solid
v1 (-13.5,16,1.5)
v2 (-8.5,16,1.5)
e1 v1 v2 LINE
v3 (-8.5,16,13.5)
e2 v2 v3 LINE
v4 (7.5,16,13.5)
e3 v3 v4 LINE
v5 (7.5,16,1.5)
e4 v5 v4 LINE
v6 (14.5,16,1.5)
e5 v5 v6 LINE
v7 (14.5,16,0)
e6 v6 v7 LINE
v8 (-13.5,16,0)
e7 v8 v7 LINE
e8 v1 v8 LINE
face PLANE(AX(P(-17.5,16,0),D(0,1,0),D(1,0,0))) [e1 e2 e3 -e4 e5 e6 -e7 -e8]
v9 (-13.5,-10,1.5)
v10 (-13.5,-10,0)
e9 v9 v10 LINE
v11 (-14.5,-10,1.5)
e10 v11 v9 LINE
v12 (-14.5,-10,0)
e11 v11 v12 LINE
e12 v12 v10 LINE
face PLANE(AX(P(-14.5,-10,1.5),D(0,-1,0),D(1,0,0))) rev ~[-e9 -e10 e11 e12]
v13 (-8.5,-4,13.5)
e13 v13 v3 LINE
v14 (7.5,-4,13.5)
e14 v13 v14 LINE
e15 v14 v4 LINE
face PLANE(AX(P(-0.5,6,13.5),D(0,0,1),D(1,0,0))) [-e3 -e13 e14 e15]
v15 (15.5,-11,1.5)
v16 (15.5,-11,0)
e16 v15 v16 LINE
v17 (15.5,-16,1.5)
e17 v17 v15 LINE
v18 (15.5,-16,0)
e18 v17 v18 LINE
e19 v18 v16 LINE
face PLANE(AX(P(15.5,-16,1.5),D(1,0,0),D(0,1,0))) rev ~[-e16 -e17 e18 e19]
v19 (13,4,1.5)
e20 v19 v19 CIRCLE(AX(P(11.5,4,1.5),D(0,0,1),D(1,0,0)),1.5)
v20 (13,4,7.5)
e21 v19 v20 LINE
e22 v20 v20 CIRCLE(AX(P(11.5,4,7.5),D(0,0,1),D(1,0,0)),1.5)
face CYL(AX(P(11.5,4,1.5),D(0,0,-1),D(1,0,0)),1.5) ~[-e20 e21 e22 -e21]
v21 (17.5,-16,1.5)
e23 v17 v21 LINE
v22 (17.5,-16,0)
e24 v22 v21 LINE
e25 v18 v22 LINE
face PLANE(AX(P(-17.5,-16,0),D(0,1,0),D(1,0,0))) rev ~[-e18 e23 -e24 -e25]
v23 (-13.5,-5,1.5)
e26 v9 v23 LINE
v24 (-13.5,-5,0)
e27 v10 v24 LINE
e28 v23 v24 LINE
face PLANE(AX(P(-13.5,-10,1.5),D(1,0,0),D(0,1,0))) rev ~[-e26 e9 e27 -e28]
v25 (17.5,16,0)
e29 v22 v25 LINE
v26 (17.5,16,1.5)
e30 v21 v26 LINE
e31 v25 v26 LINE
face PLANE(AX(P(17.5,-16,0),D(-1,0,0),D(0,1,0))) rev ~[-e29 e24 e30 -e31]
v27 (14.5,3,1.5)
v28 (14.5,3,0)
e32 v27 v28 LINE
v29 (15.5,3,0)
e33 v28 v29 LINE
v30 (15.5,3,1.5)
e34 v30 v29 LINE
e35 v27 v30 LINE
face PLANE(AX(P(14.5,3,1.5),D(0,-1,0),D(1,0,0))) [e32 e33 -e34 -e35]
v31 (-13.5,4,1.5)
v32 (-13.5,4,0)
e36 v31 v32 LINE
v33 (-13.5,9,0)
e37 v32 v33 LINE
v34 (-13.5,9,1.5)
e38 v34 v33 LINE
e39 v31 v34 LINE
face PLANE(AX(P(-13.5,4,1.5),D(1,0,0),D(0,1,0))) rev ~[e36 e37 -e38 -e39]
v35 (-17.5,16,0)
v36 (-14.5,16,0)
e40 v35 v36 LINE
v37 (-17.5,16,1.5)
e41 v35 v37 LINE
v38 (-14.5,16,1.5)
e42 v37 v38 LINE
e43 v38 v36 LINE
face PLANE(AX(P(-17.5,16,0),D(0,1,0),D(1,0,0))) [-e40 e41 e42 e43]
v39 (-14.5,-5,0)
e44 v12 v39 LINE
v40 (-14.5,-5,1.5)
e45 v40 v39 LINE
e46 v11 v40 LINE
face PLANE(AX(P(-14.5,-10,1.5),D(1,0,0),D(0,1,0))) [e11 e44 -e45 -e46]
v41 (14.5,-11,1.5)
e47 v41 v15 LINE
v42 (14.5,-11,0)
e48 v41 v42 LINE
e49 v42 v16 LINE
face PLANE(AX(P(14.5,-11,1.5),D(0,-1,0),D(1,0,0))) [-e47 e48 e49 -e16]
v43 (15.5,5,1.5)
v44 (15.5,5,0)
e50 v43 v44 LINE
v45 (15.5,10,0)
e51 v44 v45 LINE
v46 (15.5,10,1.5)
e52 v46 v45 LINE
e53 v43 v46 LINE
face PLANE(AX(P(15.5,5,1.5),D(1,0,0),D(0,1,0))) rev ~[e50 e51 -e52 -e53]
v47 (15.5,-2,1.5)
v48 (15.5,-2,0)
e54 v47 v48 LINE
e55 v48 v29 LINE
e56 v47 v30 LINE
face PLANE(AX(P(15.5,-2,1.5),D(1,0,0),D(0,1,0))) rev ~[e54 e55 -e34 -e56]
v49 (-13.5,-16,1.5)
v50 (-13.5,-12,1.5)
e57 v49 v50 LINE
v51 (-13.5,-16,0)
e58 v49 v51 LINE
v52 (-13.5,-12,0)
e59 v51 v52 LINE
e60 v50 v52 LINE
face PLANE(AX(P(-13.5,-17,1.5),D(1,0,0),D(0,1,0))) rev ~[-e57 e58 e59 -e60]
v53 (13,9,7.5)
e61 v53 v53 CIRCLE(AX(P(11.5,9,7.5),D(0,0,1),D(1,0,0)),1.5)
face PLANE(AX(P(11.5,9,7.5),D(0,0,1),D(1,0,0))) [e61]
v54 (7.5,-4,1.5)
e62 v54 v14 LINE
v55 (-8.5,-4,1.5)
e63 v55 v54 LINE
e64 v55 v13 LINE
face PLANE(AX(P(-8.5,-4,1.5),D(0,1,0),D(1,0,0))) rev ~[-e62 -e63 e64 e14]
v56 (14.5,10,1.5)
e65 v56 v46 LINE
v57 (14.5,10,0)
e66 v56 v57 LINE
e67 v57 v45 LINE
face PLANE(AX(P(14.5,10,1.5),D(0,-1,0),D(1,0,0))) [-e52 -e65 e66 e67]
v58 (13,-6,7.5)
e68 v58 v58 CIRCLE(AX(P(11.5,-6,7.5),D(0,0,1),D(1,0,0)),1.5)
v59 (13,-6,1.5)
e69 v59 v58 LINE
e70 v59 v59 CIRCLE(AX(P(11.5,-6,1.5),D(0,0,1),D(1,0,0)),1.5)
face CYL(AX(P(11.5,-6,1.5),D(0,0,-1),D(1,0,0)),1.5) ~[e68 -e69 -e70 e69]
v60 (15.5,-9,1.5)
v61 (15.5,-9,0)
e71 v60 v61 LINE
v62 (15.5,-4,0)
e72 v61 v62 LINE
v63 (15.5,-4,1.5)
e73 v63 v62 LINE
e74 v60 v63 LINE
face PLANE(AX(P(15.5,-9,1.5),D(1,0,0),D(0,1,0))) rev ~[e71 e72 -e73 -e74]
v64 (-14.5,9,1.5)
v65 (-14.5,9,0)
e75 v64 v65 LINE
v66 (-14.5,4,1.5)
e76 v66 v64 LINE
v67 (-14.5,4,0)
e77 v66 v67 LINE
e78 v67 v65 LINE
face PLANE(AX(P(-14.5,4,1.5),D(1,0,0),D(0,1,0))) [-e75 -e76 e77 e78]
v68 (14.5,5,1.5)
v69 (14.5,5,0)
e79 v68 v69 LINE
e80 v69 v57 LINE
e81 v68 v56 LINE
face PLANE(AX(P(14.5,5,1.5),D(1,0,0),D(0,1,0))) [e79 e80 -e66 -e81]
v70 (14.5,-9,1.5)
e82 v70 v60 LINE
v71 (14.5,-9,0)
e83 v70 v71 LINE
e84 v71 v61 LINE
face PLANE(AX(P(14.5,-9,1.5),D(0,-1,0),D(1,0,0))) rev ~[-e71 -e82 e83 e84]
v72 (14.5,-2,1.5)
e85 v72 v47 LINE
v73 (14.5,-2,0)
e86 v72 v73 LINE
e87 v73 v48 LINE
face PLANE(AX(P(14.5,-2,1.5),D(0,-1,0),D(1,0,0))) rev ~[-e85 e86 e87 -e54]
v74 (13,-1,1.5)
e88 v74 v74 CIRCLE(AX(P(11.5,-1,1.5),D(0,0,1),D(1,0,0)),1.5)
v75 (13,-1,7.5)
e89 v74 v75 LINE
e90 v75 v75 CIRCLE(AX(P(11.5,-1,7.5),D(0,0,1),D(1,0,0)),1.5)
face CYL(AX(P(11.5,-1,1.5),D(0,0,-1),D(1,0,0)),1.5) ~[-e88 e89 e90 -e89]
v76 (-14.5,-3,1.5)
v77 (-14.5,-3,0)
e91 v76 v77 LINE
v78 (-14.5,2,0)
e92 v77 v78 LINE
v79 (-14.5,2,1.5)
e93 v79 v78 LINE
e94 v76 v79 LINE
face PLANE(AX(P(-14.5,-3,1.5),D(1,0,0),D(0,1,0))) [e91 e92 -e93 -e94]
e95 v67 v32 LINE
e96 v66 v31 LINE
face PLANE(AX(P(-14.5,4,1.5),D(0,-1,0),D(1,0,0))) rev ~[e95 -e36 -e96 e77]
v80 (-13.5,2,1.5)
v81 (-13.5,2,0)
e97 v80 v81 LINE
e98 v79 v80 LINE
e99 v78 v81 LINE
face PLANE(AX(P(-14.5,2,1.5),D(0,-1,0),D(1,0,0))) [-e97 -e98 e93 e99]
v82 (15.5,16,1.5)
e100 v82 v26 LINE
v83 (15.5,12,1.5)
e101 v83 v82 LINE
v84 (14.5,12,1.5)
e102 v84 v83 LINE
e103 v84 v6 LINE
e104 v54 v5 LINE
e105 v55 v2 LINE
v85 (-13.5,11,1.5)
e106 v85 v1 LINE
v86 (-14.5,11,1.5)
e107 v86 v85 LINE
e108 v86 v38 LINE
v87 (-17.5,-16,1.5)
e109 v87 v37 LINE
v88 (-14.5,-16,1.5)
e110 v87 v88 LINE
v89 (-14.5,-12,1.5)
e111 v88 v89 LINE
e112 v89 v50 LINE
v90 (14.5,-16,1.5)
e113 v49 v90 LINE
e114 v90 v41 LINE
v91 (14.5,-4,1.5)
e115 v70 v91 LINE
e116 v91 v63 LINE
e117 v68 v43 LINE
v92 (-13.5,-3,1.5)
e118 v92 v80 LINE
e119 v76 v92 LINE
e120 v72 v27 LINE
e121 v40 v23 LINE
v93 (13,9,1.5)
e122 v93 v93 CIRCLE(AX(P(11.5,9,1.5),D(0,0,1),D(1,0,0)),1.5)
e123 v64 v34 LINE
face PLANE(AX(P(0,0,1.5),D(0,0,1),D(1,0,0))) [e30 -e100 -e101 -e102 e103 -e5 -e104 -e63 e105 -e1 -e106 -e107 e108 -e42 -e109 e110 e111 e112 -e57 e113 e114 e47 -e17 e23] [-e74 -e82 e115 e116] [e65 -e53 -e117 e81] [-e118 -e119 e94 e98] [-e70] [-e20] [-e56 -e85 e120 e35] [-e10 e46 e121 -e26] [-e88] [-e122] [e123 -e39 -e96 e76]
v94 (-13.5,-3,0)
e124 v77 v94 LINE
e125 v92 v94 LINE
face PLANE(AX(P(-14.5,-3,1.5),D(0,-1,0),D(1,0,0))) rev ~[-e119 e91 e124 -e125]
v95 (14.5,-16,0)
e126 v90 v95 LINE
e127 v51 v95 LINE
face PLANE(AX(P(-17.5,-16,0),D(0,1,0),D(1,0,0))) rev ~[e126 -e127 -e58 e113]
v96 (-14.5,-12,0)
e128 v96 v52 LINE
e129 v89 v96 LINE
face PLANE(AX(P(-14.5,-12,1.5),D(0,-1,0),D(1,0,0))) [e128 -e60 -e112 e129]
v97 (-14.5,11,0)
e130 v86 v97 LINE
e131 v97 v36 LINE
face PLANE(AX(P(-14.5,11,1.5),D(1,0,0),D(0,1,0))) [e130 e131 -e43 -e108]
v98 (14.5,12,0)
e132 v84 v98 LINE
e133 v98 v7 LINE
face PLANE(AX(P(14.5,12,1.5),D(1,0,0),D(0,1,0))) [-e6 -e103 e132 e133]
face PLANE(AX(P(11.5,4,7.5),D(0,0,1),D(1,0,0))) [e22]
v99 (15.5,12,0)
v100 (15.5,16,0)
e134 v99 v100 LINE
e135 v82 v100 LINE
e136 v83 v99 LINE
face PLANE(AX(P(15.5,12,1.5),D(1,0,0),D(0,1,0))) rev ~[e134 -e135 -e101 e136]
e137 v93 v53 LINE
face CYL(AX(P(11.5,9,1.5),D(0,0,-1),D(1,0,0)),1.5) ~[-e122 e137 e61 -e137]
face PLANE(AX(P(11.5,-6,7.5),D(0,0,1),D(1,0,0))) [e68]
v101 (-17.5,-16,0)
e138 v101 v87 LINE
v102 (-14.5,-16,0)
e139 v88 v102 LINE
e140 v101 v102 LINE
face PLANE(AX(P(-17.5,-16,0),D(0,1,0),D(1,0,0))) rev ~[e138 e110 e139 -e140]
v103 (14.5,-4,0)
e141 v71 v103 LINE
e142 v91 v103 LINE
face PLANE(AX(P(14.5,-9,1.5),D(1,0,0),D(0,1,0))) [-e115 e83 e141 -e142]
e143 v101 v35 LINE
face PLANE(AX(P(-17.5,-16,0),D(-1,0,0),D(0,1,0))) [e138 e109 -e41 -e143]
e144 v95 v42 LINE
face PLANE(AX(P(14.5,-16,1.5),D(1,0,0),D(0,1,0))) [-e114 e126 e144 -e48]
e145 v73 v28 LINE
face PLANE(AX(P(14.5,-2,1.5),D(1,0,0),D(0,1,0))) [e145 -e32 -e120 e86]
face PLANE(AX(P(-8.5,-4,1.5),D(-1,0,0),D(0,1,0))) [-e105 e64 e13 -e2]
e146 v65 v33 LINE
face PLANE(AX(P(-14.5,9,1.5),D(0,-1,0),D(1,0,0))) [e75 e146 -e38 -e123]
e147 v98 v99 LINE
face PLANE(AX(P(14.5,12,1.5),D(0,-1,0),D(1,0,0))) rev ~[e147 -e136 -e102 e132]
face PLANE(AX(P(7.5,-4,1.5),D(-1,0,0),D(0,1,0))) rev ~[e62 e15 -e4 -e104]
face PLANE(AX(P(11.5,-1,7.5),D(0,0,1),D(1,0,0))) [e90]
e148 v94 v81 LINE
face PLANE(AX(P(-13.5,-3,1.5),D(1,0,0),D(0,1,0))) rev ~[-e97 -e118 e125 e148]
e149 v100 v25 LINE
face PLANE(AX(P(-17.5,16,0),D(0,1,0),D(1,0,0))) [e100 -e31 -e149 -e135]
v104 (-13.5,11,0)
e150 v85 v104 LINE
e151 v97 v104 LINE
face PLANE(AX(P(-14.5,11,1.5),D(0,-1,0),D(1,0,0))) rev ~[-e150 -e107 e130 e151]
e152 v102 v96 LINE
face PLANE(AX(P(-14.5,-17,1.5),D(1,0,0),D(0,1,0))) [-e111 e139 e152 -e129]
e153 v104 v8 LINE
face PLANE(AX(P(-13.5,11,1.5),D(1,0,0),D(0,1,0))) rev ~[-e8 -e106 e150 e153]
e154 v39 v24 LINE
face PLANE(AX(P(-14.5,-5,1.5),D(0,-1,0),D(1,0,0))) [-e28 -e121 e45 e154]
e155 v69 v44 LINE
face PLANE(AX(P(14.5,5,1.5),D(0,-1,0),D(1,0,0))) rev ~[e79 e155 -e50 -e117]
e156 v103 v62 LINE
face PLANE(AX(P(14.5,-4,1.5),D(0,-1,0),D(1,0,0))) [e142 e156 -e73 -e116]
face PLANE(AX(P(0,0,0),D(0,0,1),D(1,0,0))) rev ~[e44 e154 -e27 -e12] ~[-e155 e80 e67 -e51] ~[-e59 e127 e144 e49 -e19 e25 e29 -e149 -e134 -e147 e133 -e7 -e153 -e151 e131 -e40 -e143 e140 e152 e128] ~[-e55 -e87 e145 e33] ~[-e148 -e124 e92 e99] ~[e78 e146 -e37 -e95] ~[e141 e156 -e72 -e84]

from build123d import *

# Parameters (mm, degrees)
F0_W     = 35
F0_H     = 32
F1_DEPTH = 1.5
F2_W     = 16
F2_H     = 20
F3_DEPTH = 12
F4_R     = 1.5
F5_DEPTH = 6
F6_W     = 1
F6_H     = 5
F7_DEPTH = 1.5


with BuildPart() as f1:
    # F0 (on Top) → F1 (new body)
    with BuildSketch(Plane.XY):
        Rectangle(F0_W, F0_H)
    extrude(amount=F1_DEPTH)

    # F2 (on face) → F3 (join)
    with BuildSketch(Plane.XY.offset(1.5)):
        with Locations((-0.5, 6)):
            Rectangle(F2_W, F2_H)
    extrude(amount=F3_DEPTH)

    # F4 (on face) → F5 (join)
    with BuildSketch(Plane.XY.offset(1.5)):
        with Locations((11.5, 9)):
            Circle(F4_R)
        with Locations((11.5, 4)):
            Circle(F4_R)
        with Locations((11.5, -1)):
            Circle(F4_R)
        with Locations((11.5, -6)):
            Circle(F4_R)
    extrude(amount=F5_DEPTH)

    # F6 (on face) → F7 (cut, through all)
    with BuildSketch(Plane.XY.offset(1.5)):
        with Locations((-14, 13.5)):
            Rectangle(F6_W, F6_H)
        with Locations((-14, 6.5)):
            Rectangle(F6_W, F6_H)
        with Locations((-14, -0.5)):
            Rectangle(F6_W, F6_H)
        with Locations((-14, -7.5)):
            Rectangle(F6_W, F6_H)
        with Locations((-14, -14.5)):
            Rectangle(F6_W, F6_H)
        with Locations((15, -13.5)):
            Rectangle(F6_W, F6_H)
        with Locations((15, -6.5)):
            Rectangle(F6_W, F6_H)
        with Locations((15, 0.5)):
            Rectangle(F6_W, F6_H)
        with Locations((15, 7.5)):
            Rectangle(F6_W, F6_H)
        with Locations((15, 14.5)):
            Rectangle(F6_W, F6_H)
    extrude(amount=-F7_DEPTH, mode=Mode.SUBTRACT)


solid = f1.part
